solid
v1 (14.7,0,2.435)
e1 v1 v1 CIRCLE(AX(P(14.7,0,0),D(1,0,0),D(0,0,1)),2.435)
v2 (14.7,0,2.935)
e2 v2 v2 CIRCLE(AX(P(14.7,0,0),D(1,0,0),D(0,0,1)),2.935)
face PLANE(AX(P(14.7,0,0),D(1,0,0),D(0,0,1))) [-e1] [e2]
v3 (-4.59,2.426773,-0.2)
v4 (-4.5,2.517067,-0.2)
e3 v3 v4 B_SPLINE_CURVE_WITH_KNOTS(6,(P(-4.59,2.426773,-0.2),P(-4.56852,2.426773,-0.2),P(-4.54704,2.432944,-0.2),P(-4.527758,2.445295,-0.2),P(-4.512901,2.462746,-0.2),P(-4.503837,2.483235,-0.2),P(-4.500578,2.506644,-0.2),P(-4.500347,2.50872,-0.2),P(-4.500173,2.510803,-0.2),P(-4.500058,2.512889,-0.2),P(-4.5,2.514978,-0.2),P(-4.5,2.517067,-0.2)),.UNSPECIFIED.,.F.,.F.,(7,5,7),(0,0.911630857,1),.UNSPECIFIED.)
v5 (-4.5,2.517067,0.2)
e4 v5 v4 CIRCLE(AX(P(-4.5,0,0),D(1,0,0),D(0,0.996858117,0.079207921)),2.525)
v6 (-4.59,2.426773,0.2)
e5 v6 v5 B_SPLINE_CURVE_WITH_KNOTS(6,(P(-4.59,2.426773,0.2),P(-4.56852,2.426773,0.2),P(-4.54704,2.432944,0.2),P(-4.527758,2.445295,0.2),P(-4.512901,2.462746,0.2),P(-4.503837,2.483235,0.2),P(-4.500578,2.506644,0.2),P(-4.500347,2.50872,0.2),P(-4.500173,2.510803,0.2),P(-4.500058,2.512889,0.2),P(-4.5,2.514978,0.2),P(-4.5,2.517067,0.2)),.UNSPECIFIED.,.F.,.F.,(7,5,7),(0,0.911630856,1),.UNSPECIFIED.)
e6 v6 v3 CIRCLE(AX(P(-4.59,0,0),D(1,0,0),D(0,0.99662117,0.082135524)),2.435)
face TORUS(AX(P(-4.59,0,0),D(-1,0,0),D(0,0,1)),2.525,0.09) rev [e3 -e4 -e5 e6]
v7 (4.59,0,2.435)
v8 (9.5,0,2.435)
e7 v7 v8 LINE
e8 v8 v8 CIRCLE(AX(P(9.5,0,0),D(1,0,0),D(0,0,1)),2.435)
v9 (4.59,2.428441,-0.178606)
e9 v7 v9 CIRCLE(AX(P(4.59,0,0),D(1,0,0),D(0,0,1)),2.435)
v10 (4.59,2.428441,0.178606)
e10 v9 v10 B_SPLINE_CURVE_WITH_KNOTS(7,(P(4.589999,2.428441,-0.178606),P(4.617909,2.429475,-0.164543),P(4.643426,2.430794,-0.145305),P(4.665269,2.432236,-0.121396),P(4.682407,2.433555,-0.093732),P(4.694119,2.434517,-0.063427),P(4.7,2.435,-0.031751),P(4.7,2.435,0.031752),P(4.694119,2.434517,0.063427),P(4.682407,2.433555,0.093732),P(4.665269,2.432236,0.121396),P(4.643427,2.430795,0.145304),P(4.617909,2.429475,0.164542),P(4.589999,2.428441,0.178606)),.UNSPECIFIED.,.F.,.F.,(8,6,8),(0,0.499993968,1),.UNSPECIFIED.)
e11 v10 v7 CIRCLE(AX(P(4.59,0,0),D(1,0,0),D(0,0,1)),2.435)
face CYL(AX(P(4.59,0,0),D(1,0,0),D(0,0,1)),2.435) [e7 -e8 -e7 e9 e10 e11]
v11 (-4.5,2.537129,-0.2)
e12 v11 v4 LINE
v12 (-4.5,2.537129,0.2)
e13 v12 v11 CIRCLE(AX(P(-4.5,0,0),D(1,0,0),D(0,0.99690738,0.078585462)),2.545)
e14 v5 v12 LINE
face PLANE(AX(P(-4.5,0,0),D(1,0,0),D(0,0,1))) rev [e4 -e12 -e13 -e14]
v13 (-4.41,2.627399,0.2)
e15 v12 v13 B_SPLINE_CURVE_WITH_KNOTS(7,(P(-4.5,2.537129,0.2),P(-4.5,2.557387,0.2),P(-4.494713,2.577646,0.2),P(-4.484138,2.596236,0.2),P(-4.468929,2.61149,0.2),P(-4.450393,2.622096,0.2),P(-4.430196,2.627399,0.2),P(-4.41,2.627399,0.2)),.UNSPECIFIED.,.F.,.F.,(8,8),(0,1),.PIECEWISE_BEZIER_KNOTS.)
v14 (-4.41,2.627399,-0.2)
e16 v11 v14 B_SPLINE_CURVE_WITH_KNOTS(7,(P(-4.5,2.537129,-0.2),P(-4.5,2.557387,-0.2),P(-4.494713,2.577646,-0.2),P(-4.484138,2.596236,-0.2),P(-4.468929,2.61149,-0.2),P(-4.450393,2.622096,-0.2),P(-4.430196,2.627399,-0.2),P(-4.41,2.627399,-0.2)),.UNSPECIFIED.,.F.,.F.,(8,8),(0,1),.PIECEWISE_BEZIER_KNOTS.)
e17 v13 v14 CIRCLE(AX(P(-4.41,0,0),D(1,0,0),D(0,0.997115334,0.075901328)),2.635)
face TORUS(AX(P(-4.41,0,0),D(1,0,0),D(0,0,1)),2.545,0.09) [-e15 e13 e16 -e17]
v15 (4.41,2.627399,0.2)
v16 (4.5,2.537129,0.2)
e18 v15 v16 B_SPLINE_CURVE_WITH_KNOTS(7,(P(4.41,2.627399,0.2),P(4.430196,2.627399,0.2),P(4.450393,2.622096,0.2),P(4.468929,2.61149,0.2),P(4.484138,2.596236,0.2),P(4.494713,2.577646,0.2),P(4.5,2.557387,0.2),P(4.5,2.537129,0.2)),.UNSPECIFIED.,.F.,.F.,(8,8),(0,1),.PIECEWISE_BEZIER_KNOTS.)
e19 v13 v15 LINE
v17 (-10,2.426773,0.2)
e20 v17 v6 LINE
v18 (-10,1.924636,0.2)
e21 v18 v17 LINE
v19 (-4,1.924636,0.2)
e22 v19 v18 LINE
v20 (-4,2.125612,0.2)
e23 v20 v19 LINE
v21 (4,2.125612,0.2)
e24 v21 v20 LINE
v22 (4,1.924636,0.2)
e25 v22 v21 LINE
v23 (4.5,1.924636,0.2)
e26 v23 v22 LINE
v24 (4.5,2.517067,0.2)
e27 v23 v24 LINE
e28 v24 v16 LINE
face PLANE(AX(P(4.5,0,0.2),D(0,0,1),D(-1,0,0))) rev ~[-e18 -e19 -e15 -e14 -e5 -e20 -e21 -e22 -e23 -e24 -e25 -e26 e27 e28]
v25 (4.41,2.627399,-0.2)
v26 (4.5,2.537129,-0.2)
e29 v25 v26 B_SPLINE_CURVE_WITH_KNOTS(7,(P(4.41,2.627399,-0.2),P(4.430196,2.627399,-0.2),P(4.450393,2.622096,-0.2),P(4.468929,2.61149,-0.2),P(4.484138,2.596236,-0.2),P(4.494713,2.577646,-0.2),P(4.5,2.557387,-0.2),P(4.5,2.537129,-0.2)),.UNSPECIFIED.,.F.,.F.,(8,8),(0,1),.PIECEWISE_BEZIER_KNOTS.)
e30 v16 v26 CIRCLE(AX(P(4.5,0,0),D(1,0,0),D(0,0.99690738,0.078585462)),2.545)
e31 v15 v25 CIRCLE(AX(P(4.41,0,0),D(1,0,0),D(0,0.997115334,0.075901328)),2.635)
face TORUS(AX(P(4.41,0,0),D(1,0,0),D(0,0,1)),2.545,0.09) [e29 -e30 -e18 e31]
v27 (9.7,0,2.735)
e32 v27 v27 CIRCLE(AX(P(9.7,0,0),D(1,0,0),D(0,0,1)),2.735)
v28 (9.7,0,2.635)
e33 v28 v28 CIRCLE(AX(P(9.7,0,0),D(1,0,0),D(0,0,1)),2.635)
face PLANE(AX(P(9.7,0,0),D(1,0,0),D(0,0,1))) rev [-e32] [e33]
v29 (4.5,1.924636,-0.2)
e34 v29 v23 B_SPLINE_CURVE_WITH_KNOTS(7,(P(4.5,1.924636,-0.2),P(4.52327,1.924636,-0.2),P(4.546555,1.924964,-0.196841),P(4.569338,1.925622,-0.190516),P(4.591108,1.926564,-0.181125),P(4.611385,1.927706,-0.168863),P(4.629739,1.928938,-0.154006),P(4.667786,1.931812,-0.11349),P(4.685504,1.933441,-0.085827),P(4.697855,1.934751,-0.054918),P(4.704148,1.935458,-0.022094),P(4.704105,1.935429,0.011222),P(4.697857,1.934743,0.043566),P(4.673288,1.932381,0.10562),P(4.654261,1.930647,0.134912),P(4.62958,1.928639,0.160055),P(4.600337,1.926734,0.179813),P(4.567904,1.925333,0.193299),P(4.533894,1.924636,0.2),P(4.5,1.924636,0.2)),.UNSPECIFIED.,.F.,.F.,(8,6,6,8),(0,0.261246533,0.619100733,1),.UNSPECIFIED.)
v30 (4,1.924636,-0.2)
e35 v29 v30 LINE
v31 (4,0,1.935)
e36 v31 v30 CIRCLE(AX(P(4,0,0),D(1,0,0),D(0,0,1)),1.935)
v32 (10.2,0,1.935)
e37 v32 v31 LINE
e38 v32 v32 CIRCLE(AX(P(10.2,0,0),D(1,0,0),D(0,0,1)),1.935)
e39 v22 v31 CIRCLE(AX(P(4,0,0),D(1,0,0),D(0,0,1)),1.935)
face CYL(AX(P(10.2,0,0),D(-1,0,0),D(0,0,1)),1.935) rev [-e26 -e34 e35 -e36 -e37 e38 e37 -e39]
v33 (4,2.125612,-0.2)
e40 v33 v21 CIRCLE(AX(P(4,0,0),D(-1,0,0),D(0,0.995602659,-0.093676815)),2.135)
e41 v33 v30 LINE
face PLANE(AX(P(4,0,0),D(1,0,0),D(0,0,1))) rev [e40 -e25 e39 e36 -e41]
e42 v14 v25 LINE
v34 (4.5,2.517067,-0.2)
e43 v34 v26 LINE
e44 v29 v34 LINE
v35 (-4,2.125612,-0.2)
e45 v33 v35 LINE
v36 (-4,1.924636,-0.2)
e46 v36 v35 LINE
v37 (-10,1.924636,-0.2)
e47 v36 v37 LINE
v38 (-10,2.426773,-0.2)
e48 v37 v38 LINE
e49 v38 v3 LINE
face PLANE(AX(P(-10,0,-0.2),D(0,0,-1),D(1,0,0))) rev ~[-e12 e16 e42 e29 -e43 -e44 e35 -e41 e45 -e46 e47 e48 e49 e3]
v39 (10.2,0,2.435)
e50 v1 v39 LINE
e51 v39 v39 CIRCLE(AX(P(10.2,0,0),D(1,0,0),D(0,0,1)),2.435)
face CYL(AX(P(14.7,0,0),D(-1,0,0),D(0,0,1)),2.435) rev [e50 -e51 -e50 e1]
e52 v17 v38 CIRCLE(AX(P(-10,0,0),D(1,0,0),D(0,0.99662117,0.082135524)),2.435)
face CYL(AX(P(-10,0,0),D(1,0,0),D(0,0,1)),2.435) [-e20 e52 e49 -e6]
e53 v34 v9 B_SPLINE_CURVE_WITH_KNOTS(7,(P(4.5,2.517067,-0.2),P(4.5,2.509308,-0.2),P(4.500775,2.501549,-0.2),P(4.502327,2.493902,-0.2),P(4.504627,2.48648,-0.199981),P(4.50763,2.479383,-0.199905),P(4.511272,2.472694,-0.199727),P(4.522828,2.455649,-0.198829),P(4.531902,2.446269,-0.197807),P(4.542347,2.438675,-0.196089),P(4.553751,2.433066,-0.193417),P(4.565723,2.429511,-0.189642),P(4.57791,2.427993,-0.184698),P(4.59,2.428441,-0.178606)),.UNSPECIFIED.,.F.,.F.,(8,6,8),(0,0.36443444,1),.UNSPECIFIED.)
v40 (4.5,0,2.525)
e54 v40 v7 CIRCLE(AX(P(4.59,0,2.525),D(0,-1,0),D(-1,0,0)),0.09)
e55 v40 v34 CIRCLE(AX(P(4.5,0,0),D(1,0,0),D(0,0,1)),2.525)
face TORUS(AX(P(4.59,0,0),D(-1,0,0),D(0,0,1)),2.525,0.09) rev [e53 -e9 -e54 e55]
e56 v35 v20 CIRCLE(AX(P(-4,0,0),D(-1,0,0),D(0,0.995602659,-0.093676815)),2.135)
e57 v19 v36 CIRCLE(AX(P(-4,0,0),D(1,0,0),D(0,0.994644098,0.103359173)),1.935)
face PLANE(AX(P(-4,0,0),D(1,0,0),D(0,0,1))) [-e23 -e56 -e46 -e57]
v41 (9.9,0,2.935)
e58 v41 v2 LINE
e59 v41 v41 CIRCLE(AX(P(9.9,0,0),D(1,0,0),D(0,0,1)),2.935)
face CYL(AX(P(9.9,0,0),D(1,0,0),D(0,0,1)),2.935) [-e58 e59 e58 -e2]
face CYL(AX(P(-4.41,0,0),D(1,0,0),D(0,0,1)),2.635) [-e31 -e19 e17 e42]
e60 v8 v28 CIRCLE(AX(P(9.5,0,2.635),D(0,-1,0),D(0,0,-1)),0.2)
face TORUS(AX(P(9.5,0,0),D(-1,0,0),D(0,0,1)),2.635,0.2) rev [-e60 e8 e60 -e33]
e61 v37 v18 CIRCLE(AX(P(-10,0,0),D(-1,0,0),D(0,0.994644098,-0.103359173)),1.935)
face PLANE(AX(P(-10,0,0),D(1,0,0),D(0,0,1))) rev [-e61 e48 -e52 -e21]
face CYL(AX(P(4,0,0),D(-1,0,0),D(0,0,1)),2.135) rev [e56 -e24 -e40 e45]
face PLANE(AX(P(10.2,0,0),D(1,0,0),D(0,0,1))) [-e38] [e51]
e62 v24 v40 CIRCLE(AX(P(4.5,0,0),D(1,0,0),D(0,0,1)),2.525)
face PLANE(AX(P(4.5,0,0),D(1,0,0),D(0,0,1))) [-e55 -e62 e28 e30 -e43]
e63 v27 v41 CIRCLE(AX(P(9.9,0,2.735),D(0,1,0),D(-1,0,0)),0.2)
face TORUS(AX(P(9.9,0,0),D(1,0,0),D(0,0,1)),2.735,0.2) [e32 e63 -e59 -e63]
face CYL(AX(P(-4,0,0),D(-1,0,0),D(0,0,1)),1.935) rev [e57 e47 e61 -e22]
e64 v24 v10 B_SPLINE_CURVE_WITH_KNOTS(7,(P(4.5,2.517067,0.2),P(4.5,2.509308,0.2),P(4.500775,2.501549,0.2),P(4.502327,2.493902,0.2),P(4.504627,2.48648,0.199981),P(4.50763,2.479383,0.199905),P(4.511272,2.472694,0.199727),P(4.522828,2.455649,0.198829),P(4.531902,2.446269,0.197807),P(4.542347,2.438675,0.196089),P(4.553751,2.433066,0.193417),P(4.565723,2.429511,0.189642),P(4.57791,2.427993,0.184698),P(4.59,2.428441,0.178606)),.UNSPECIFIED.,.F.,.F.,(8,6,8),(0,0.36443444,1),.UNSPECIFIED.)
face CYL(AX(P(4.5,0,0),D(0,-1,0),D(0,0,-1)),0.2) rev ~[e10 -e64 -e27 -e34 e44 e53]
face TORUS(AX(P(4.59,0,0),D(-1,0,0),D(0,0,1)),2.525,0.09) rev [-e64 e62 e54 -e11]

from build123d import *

# Parameters (mm, degrees)
CUT_EXTRUDE2_DEPTH = 16.27476517574002


with BuildPart() as part:
    # Sketch1 → Revolve1 (revolve)
    with BuildSketch(Plane(origin=(0, 0, 0), x_dir=(1, 0, 0), z_dir=(0, 1, 0)), mode=Mode.PRIVATE) as revolve1_sk:
        with BuildLine():
            Line((14.7, 2.4350000000000023), (10.2, 2.4350000000000014))
            Line((10.2, 2.4350000000000014), (10.2, 1.935))
            Line((10.2, 1.935), (4, 1.935))
            Line((4, 1.935), (4, 2.135))
            Line((4, 2.135), (-4, 2.135))
            Line((-4, 2.135), (-4, 1.935))
            Line((-4, 1.935), (-10, 1.9350000000000027))
            Line((-10, 1.9350000000000027), (-10, 2.435))
            Line((-10, 2.435), (-4.590000000000002, 2.435))
            ThreePointArc((-4.590000000000002, 2.435), (-4.526360389693211, 2.4613603896932106), (-4.500000000000001, 2.525000000000001))
            Line((-4.500000000000001, 2.525000000000001), (-4.500000000000001, 2.544999999999999))
            ThreePointArc((-4.500000000000001, 2.544999999999999), (-4.47363961030679, 2.6086396103067893), (-4.41, 2.635))
            Line((-4.41, 2.635), (4.41, 2.635))
            ThreePointArc((4.41, 2.635), (4.47363961030679, 2.6086396103067893), (4.500000000000001, 2.544999999999999))
            Line((4.500000000000001, 2.544999999999999), (4.500000000000001, 2.525000000000001))
            ThreePointArc((4.500000000000001, 2.525000000000001), (4.526360389693211, 2.4613603896932106), (4.590000000000002, 2.435))
            Line((4.590000000000002, 2.435), (9.499999999999996, 2.435))
            ThreePointArc((9.499999999999996, 2.435), (9.64142135623731, 2.4935786437626897), (9.7, 2.6350000000000016))
            Line((9.7, 2.6350000000000016), (9.7, 2.7350000000000008))
            ThreePointArc((9.7, 2.7350000000000008), (9.75857864376269, 2.8764213562373118), (9.9, 2.9350000000000023))
            Line((9.9, 2.9350000000000023), (14.7, 2.9350000000000023))
            Line((14.7, 2.9350000000000023), (14.7, 2.4350000000000023))
        make_face()
    revolve(revolve1_sk.sketch.rotate(Axis((-16.2, 0, 0), (1, 0, 0)), 180), axis=Axis((-16.2, 0, 0), (1, 0, 0)))

    # Sketch3 → Cut-Extrude2 (cut, through all)
    with BuildSketch(Plane(origin=(0, 0, 0), x_dir=(1, 0, 0), z_dir=(0, 1, 0))):
        with BuildLine():
            Line((-10, 0.20000000000000012), (4.500000000000001, 0.19999999999999996))
            ThreePointArc((4.500000000000001, 0.19999999999999996), (4.700000000000001, -5e-17), (4.500000000000001, -0.20000000000000007))
            Line((4.500000000000001, -0.20000000000000007), (-10, -0.20000000000000007))
            Line((-10, -0.20000000000000007), (-10, 0.20000000000000012))
        make_face()
    extrude(amount=CUT_EXTRUDE2_DEPTH, mode=Mode.SUBTRACT)


solid = part.part
